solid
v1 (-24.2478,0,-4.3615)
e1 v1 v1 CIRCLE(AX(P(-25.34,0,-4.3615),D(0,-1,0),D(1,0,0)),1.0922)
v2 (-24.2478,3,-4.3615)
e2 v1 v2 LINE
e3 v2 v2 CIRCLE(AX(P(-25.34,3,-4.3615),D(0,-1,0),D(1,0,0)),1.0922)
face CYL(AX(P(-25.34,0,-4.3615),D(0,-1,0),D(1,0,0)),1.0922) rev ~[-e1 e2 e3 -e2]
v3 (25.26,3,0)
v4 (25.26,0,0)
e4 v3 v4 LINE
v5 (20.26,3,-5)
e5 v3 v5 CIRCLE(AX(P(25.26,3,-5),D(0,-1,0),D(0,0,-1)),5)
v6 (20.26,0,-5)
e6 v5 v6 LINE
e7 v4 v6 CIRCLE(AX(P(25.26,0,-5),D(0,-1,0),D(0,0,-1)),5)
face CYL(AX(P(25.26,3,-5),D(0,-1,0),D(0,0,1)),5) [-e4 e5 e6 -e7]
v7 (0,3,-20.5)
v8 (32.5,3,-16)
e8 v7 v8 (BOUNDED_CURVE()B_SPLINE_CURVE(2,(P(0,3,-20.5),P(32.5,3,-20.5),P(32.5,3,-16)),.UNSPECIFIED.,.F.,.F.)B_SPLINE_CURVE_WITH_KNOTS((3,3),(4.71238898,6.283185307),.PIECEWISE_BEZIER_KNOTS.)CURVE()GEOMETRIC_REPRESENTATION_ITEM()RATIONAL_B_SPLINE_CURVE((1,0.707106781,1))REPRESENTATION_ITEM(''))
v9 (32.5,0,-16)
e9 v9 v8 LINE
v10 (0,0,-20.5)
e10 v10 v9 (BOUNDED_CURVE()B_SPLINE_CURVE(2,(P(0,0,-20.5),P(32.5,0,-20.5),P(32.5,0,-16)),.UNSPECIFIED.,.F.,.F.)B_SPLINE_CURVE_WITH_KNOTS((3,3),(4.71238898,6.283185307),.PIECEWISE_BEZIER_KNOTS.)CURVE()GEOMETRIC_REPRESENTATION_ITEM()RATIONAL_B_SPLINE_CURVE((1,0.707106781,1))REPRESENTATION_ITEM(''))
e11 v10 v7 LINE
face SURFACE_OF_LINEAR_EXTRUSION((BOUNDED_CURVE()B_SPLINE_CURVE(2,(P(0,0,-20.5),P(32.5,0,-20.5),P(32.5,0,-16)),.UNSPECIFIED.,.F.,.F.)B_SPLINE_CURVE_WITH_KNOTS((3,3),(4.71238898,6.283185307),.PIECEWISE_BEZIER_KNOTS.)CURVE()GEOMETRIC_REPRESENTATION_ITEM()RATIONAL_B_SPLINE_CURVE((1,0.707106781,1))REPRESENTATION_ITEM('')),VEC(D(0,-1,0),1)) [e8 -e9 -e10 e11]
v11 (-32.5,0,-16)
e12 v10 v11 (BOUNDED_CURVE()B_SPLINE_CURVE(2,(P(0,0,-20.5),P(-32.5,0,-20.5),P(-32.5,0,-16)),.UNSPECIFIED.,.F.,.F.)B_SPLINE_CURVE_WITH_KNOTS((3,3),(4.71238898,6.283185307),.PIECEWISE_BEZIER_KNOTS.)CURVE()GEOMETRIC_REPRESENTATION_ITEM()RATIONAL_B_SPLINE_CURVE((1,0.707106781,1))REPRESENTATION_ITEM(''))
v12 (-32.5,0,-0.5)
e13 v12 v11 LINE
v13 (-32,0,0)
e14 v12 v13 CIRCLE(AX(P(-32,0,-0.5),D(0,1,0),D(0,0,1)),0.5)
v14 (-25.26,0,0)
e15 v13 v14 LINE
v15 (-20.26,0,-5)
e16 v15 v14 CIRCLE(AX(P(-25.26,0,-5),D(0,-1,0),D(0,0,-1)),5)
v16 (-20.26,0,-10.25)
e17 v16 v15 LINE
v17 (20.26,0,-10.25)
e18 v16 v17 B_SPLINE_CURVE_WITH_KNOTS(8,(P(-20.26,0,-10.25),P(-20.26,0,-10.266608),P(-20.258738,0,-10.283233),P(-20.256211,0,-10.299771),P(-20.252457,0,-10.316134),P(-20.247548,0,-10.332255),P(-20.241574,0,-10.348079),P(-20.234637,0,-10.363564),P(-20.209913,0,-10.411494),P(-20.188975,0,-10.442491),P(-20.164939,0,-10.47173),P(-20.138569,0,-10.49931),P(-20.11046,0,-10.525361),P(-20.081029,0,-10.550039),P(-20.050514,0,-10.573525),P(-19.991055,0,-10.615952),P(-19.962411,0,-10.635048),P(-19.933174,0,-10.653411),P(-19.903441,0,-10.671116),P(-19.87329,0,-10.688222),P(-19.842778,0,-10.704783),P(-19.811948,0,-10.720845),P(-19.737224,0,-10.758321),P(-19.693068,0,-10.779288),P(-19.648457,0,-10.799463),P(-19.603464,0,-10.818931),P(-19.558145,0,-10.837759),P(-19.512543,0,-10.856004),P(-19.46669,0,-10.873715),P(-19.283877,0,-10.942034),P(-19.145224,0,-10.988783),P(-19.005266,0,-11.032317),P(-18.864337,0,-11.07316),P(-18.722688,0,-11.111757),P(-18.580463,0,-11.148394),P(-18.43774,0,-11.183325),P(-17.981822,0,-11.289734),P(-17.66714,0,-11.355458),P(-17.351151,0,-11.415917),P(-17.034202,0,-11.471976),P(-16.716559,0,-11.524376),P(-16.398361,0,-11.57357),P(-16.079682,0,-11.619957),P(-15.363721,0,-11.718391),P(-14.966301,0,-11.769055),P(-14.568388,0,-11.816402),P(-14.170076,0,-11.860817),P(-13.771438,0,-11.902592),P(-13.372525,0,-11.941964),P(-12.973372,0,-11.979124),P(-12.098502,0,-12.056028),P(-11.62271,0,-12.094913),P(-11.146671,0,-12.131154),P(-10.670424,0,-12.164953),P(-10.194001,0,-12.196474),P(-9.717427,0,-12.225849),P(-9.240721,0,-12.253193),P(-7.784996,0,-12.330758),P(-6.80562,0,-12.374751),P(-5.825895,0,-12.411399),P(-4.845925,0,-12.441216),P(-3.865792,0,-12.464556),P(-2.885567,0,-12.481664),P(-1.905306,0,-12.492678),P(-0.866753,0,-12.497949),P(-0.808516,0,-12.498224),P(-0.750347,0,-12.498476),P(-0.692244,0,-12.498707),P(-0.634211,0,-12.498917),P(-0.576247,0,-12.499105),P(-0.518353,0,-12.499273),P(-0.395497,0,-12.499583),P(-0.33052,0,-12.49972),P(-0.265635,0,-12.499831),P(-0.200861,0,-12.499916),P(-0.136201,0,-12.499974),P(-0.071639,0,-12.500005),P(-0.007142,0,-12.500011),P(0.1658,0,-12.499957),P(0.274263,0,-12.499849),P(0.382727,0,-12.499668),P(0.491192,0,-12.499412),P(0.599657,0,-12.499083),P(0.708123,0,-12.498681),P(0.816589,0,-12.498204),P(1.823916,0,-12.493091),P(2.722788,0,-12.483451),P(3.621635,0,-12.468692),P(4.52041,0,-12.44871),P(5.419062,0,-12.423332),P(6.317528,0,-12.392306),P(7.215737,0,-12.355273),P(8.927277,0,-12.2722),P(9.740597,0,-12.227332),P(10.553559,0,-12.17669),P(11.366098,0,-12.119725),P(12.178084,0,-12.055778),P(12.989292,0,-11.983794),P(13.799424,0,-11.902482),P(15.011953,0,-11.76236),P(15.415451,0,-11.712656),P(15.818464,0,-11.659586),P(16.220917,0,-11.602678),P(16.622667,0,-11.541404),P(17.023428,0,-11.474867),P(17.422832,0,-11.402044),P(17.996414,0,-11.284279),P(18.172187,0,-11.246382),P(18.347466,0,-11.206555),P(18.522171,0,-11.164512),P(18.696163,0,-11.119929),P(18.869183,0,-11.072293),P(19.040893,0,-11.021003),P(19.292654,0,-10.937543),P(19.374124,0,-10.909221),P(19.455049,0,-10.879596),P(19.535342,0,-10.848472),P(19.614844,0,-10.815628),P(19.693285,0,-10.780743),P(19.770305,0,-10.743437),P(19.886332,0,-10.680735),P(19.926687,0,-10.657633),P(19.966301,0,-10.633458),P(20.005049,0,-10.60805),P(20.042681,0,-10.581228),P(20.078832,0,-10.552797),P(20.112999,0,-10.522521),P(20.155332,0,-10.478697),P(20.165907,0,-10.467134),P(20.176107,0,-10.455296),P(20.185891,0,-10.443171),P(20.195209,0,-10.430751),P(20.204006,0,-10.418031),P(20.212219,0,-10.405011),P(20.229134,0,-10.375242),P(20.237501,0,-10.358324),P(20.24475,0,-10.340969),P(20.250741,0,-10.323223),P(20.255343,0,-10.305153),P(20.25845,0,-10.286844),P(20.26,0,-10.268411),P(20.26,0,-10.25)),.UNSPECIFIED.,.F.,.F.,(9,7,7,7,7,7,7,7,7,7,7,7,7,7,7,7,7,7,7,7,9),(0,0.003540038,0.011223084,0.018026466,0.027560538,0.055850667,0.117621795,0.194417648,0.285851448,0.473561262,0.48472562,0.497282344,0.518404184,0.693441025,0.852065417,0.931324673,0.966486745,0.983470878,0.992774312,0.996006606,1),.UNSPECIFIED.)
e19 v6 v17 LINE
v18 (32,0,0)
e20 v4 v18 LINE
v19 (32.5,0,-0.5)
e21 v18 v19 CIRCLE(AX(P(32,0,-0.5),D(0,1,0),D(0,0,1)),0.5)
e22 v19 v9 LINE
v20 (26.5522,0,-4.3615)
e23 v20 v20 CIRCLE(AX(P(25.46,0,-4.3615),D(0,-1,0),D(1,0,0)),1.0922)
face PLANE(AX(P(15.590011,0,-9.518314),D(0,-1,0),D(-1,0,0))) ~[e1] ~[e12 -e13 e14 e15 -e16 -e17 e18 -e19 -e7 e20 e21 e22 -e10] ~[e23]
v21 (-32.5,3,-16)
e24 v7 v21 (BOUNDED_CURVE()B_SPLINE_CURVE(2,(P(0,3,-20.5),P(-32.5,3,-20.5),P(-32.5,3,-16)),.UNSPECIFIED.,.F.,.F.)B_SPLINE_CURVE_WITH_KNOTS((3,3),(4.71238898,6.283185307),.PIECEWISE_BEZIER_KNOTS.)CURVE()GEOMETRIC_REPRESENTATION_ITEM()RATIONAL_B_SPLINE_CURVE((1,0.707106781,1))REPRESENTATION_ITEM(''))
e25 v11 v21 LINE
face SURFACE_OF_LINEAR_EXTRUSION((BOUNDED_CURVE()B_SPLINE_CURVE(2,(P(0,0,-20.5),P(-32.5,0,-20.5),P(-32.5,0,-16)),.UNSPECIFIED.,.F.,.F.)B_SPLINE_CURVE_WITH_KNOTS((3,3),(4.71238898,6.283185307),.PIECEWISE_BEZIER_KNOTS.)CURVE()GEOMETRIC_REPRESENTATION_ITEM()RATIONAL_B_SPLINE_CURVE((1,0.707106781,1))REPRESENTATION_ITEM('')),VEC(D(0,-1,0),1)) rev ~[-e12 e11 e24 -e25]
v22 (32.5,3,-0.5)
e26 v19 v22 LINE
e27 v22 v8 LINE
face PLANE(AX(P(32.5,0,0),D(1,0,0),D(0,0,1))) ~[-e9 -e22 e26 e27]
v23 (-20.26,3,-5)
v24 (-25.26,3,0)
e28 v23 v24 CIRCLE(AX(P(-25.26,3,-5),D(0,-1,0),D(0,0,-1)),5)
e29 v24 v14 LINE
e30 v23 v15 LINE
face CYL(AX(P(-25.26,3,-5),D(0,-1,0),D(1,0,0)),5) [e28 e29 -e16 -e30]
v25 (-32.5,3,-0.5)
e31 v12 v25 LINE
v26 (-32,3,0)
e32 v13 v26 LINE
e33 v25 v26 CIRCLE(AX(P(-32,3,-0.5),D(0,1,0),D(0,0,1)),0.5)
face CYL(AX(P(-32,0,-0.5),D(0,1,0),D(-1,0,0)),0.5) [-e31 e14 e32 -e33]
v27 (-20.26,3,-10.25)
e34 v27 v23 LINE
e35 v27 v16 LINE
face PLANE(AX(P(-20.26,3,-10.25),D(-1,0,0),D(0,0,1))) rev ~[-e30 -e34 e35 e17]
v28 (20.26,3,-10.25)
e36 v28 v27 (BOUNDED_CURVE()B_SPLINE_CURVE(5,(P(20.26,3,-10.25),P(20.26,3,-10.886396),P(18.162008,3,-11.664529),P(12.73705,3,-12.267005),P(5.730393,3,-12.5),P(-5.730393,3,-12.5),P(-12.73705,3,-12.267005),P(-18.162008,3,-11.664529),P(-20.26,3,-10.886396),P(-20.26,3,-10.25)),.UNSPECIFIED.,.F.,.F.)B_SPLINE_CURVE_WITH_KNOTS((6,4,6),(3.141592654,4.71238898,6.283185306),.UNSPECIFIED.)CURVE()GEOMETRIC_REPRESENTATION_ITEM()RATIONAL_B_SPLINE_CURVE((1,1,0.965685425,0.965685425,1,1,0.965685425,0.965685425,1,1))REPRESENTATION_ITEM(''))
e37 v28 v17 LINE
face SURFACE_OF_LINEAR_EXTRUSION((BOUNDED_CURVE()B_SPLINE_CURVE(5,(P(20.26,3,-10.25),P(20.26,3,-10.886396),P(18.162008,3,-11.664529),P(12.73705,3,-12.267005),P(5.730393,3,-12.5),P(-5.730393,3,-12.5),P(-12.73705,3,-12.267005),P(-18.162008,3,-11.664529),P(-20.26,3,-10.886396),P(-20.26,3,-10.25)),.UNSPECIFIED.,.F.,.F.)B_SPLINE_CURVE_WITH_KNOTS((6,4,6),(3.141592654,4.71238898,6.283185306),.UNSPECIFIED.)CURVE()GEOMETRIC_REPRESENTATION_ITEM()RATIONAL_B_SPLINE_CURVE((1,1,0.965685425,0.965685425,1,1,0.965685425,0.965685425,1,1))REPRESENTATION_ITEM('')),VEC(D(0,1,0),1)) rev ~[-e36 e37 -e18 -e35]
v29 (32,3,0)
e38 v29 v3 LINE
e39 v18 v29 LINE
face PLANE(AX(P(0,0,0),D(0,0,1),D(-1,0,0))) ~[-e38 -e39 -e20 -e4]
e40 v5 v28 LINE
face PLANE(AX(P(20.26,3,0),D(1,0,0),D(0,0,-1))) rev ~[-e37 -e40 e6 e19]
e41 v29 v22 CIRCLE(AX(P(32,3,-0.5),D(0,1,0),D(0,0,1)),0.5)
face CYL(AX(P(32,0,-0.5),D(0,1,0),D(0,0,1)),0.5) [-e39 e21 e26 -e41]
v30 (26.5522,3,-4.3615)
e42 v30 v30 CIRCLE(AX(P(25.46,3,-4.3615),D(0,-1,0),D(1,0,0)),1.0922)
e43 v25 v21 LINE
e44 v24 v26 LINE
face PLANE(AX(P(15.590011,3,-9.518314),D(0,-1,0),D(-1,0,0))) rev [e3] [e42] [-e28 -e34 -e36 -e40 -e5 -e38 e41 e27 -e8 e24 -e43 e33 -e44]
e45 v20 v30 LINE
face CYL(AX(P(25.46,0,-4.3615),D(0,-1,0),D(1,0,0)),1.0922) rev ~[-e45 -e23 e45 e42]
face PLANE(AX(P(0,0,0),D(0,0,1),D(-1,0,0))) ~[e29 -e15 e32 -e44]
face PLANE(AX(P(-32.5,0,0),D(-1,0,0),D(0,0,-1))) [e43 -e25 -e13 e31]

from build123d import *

# Parameters (mm, degrees)
BOSS_EXTRUDE1_DEPTH = 3
CUT_EXTRUDE1_DEPTH  = 4.0000001
SKETCH3_R           = 1.0922
CUT_EXTRUDE2_DEPTH  = 4.0000001
FILLET1_R           = 5
FILLET2_R           = 0.5


with BuildPart() as part:
    # Sketch1 → Boss-Extrude1 (new body)
    with BuildSketch(Plane(origin=(0, 0, 0), x_dir=(1, 0, 0), z_dir=(0, 1, 0))):
        with BuildLine():
            Line((0, 0), (-32.5, 0))
            Line((-32.5, 0), (-32.5, 16))
            add(Edge.make_bspline(
                [(0, 20.5), (-32.5, 20.5), (-32.5, 16)],
                knots=[4.71238898, 4.71238898, 4.71238898, 6.283185307, 6.283185307, 6.283185307], degree=2, weights=[1, 0.707106781, 1]))
            Line((0, 20.5), (0, 16))
            Line((0, 16), (0, 0))
        make_face()
    boss_extrude1 = extrude(amount=BOSS_EXTRUDE1_DEPTH)

    # Mirror1: Boss-Extrude1 across plane
    add(boss_extrude1.mirror(Plane(origin=(0, 3, -16), x_dir=(0, 0, 1), z_dir=(-1, 0, 0))))

    # Sketch2 → Cut-Extrude1 (cut, through all)
    with BuildSketch(Plane(origin=(0, 3, 0), x_dir=(1, 0, 0), z_dir=(0, 1, 0))):
        with BuildLine():
            Line((0, 10.25), (0, 12.5))
            add(Edge.make_bspline(
                [(0, 12.5), (-20.26, 12.5), (-20.26, 10.25)],
                knots=[4.71238898, 4.71238898, 4.71238898, 6.283185307, 6.283185307, 6.283185307], degree=2, weights=[1, 0.707106781, 1]))
            Line((-20.26, 10.25), (-20.26, 0))
            Line((-20.26, 0), (0, 0))
            Line((0, 0), (0, 10.25))
        make_face()
        with BuildLine():
            Line((20.26, 0), (20.26, 10.25))
            add(Edge.make_bspline(
                [(20.26, 10.25), (20.26, 12.5), (0, 12.5)],
                knots=[3.141592654, 3.141592654, 3.141592654, 4.71238898, 4.71238898, 4.71238898], degree=2, weights=[1, 0.707106781, 1]))
            Line((0, 12.5), (0, 10.25))
            Line((0, 10.25), (0, 0))
            Line((0, 0), (20.26, 0))
        make_face()
    extrude(amount=-CUT_EXTRUDE1_DEPTH, mode=Mode.SUBTRACT)

    # Sketch3 → Cut-Extrude2 (cut, through all)
    with BuildSketch(Plane.XZ):
        with Locations((25.46, -4.3615)):
            Circle(SKETCH3_R)
        with Locations((-25.34, -4.3615)):
            Circle(SKETCH3_R)
    extrude(amount=-CUT_EXTRUDE2_DEPTH, mode=Mode.SUBTRACT)

    # Fillet1
    fillet1_edges = [part.edges().sort_by_distance(p)[0] for p in [
        (20.26, 1.5, 0),
        (-20.26, 1.5, 0),
    ]]
    fillet(fillet1_edges, radius=FILLET1_R)

    # Fillet2
    fillet2_edges = [part.edges().sort_by_distance(p)[0] for p in [
        (32.5, 1.5, 0),
        (-32.5, 1.5, 0),
    ]]
    fillet(fillet2_edges, radius=FILLET2_R)


solid = part.part
